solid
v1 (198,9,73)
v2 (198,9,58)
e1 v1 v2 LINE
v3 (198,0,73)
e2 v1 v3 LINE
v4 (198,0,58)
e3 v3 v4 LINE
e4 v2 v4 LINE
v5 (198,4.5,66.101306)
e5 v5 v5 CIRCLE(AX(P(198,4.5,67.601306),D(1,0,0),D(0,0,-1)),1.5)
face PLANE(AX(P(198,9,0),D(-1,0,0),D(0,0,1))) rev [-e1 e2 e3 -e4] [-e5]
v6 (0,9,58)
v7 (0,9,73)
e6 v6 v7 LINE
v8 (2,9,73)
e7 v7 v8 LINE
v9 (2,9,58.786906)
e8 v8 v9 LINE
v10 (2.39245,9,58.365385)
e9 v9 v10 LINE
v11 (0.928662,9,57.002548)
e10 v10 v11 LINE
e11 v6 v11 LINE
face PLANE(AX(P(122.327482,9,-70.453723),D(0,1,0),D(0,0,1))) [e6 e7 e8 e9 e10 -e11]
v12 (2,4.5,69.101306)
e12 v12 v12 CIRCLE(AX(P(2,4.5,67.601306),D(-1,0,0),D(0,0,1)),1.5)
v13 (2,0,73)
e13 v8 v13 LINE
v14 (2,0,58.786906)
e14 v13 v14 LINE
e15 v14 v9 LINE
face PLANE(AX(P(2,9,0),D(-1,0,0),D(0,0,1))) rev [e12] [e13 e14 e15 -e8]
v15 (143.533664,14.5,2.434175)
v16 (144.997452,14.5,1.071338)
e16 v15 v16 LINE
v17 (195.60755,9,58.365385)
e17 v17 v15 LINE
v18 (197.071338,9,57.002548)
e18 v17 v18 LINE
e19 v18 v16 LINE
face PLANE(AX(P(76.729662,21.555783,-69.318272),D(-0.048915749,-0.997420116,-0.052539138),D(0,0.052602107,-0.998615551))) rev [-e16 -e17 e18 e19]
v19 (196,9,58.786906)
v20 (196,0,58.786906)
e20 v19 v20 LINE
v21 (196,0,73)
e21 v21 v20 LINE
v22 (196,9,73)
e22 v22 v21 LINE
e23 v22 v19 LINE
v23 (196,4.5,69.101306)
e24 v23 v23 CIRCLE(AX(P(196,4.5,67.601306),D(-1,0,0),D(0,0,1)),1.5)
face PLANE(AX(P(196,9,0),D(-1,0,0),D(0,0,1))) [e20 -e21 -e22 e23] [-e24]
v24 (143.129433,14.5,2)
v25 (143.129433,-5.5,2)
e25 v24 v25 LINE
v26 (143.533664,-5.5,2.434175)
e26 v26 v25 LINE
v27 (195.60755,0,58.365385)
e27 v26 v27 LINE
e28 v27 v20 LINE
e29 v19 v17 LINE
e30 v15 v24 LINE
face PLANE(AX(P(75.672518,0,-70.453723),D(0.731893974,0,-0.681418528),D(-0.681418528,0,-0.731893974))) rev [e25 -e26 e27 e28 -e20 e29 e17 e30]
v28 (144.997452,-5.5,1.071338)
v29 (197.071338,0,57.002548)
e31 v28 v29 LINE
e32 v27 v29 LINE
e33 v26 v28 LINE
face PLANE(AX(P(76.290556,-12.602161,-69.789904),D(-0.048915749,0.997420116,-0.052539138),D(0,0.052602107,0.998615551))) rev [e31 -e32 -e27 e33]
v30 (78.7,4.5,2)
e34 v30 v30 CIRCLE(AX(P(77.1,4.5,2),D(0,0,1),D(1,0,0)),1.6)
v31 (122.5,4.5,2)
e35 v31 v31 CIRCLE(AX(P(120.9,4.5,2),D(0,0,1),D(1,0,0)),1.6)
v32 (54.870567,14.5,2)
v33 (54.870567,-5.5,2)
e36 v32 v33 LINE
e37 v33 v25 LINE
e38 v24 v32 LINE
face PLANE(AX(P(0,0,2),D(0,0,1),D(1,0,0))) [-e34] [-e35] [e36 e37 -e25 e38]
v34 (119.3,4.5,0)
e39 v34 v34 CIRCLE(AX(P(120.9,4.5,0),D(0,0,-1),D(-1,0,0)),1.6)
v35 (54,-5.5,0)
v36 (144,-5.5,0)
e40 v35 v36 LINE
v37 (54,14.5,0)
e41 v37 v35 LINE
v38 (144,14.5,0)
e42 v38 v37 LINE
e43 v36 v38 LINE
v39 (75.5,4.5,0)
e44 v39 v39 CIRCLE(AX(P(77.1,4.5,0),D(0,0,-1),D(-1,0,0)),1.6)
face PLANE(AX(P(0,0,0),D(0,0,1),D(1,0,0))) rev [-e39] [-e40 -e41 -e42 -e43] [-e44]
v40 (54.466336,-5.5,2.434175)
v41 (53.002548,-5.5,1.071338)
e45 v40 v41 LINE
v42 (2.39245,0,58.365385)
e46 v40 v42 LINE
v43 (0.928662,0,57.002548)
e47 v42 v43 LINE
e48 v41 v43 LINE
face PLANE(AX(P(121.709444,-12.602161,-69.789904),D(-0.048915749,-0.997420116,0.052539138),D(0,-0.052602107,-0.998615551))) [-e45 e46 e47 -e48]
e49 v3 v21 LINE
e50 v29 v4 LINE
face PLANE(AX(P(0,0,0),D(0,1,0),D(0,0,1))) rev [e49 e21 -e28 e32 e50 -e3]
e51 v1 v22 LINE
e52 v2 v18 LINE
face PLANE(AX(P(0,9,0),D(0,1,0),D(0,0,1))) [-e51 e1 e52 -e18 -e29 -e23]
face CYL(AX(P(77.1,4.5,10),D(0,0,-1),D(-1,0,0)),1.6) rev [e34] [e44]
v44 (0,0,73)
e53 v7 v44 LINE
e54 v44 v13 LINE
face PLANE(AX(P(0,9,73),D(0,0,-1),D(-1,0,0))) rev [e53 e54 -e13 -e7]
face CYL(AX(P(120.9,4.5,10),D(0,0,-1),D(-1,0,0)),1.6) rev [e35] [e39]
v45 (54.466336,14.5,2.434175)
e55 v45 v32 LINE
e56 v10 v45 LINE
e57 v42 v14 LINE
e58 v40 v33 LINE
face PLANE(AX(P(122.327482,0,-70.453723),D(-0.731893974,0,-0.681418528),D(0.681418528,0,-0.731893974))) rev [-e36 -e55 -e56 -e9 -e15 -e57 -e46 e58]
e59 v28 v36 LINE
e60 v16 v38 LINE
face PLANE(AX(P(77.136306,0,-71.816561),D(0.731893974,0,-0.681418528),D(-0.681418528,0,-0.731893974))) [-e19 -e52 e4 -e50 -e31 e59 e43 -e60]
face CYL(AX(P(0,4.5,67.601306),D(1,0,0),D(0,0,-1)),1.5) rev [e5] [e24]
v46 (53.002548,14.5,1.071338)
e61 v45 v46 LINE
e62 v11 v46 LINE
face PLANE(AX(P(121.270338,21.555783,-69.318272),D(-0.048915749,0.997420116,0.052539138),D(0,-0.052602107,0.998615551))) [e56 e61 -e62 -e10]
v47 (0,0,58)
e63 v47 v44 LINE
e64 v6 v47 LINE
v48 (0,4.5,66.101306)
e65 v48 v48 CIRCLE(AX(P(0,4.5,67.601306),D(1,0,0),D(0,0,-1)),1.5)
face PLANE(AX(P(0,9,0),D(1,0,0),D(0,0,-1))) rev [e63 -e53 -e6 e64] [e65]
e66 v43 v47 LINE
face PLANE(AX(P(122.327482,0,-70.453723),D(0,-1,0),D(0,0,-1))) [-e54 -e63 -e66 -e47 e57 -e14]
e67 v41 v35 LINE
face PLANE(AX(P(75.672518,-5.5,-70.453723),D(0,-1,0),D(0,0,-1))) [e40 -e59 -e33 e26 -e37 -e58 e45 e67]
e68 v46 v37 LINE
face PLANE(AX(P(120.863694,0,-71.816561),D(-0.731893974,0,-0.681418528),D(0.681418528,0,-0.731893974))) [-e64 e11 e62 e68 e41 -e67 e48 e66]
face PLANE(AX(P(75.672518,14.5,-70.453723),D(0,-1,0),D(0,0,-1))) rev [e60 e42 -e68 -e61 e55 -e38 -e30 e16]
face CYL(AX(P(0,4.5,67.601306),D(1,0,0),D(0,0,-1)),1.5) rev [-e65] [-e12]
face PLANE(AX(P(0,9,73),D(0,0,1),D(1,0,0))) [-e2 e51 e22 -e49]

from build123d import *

# Parameters (mm, degrees)
SKETCH_1_W          = 2
SKETCH_1_H          = 15
EXTRUDE_1_DEPTH     = 9
EXTRUDE_1_2_DEPTH   = 9
SKETCH_2_R          = 1.5
CUT_EXTRUDE_1_DEPTH = 212.220264179
SKETCH_3_W          = 90
SKETCH_3_H          = 20
EXTRUDE_2_DEPTH     = 2
EXTRUDE_3_DEPTH     = 2
SKETCH_6_R          = 1.6
CUT_EXTRUDE_2_DEPTH = 10


with BuildPart() as part:
    # 草图1 → 凸台-拉伸1 (new body)
    with BuildSketch(Plane(origin=(0, 0, 0), x_dir=(1, 0, 0), z_dir=(0, 1, 0))):
        with Locations((1, -65.5)):
            Rectangle(SKETCH_1_W, SKETCH_1_H)
    extrude(amount=EXTRUDE_1_DEPTH)


with BuildPart() as body_2:
    # 草图1 → Extrude 1 2 (new body)
    with BuildSketch(Plane(origin=(0, 0, 0), x_dir=(1, 0, 0), z_dir=(0, 1, 0))):
        with Locations((197, -65.5)):
            Rectangle(SKETCH_1_W, SKETCH_1_H)
    extrude(amount=EXTRUDE_1_2_DEPTH)


with BuildPart() as cut_extrude_1_tool:
    # 草图2 → 切除-拉伸1 (new, through all)
    with BuildSketch(Plane(origin=(198, 0, 0), x_dir=(0, 0, -1), z_dir=(1, 0, 0))):
        with Locations((-67.601305665, 4.5)):
            Circle(SKETCH_2_R)
    extrude(amount=-CUT_EXTRUDE_1_DEPTH)


with BuildPart() as part_1:
    add(part.part)

    # 切除-拉伸1: cut by cut_extrude_1_tool
    add(cut_extrude_1_tool.part, mode=Mode.SUBTRACT)


with BuildPart() as body_2_1:
    add(body_2.part)

    # 切除-拉伸1: cut by cut_extrude_1_tool
    add(cut_extrude_1_tool.part, mode=Mode.SUBTRACT)



with BuildPart() as body_3:
    # 草图3 → 凸台-拉伸2 (new body)
    with BuildSketch(Plane.XY):
        with Locations((99, 4.5)):
            Rectangle(SKETCH_3_W, SKETCH_3_H)
    extrude(amount=EXTRUDE_2_DEPTH)


with BuildPart() as body_2_2:
    add(body_2_1.part)

    add(body_3.part)  # 凸台-拉伸3 merges body 3
    # 草图4 → 凸台-拉伸3 (add)
    with BuildSketch(Plane(origin=(77.136305732, 0, -71.81656051), x_dir=(-0.6814185279188432, 0, -0.7318939744313494), z_dir=(0.7318939744313494, 0, -0.6814185279188432))):
        Polygon((-176.007881989, 9), (-177.370719045, 9), (-177.370719045, 0), (-176.007881989, 0), (-99.588055969, -5.5), (-98.12426802, -5.5), (-98.12426802, 14.5), (-99.588055969, 14.5), align=None)
    extrude_3 = extrude(amount=-EXTRUDE_3_DEPTH)

    # 镜向1: 凸台-拉伸3 across plane
    add(extrude_3.mirror(Plane(origin=(99, 0, 0), x_dir=(0, 0, 1), z_dir=(1, 0, 0))))

    # Combine 1: union part
    add(part_1.part)

    # 草图6 → 切除-拉伸2 (cut)
    with BuildSketch(Plane(origin=(0, 0, 0), x_dir=(-1, 0, 0), z_dir=(0, 0, -1))):
        with Locations((-120.9, 4.5)):
            Circle(SKETCH_6_R)
        with Locations((-77.1, 4.5)):
            Circle(SKETCH_6_R)
    extrude(amount=-CUT_EXTRUDE_2_DEPTH, mode=Mode.SUBTRACT)


solid = body_2_2.part
